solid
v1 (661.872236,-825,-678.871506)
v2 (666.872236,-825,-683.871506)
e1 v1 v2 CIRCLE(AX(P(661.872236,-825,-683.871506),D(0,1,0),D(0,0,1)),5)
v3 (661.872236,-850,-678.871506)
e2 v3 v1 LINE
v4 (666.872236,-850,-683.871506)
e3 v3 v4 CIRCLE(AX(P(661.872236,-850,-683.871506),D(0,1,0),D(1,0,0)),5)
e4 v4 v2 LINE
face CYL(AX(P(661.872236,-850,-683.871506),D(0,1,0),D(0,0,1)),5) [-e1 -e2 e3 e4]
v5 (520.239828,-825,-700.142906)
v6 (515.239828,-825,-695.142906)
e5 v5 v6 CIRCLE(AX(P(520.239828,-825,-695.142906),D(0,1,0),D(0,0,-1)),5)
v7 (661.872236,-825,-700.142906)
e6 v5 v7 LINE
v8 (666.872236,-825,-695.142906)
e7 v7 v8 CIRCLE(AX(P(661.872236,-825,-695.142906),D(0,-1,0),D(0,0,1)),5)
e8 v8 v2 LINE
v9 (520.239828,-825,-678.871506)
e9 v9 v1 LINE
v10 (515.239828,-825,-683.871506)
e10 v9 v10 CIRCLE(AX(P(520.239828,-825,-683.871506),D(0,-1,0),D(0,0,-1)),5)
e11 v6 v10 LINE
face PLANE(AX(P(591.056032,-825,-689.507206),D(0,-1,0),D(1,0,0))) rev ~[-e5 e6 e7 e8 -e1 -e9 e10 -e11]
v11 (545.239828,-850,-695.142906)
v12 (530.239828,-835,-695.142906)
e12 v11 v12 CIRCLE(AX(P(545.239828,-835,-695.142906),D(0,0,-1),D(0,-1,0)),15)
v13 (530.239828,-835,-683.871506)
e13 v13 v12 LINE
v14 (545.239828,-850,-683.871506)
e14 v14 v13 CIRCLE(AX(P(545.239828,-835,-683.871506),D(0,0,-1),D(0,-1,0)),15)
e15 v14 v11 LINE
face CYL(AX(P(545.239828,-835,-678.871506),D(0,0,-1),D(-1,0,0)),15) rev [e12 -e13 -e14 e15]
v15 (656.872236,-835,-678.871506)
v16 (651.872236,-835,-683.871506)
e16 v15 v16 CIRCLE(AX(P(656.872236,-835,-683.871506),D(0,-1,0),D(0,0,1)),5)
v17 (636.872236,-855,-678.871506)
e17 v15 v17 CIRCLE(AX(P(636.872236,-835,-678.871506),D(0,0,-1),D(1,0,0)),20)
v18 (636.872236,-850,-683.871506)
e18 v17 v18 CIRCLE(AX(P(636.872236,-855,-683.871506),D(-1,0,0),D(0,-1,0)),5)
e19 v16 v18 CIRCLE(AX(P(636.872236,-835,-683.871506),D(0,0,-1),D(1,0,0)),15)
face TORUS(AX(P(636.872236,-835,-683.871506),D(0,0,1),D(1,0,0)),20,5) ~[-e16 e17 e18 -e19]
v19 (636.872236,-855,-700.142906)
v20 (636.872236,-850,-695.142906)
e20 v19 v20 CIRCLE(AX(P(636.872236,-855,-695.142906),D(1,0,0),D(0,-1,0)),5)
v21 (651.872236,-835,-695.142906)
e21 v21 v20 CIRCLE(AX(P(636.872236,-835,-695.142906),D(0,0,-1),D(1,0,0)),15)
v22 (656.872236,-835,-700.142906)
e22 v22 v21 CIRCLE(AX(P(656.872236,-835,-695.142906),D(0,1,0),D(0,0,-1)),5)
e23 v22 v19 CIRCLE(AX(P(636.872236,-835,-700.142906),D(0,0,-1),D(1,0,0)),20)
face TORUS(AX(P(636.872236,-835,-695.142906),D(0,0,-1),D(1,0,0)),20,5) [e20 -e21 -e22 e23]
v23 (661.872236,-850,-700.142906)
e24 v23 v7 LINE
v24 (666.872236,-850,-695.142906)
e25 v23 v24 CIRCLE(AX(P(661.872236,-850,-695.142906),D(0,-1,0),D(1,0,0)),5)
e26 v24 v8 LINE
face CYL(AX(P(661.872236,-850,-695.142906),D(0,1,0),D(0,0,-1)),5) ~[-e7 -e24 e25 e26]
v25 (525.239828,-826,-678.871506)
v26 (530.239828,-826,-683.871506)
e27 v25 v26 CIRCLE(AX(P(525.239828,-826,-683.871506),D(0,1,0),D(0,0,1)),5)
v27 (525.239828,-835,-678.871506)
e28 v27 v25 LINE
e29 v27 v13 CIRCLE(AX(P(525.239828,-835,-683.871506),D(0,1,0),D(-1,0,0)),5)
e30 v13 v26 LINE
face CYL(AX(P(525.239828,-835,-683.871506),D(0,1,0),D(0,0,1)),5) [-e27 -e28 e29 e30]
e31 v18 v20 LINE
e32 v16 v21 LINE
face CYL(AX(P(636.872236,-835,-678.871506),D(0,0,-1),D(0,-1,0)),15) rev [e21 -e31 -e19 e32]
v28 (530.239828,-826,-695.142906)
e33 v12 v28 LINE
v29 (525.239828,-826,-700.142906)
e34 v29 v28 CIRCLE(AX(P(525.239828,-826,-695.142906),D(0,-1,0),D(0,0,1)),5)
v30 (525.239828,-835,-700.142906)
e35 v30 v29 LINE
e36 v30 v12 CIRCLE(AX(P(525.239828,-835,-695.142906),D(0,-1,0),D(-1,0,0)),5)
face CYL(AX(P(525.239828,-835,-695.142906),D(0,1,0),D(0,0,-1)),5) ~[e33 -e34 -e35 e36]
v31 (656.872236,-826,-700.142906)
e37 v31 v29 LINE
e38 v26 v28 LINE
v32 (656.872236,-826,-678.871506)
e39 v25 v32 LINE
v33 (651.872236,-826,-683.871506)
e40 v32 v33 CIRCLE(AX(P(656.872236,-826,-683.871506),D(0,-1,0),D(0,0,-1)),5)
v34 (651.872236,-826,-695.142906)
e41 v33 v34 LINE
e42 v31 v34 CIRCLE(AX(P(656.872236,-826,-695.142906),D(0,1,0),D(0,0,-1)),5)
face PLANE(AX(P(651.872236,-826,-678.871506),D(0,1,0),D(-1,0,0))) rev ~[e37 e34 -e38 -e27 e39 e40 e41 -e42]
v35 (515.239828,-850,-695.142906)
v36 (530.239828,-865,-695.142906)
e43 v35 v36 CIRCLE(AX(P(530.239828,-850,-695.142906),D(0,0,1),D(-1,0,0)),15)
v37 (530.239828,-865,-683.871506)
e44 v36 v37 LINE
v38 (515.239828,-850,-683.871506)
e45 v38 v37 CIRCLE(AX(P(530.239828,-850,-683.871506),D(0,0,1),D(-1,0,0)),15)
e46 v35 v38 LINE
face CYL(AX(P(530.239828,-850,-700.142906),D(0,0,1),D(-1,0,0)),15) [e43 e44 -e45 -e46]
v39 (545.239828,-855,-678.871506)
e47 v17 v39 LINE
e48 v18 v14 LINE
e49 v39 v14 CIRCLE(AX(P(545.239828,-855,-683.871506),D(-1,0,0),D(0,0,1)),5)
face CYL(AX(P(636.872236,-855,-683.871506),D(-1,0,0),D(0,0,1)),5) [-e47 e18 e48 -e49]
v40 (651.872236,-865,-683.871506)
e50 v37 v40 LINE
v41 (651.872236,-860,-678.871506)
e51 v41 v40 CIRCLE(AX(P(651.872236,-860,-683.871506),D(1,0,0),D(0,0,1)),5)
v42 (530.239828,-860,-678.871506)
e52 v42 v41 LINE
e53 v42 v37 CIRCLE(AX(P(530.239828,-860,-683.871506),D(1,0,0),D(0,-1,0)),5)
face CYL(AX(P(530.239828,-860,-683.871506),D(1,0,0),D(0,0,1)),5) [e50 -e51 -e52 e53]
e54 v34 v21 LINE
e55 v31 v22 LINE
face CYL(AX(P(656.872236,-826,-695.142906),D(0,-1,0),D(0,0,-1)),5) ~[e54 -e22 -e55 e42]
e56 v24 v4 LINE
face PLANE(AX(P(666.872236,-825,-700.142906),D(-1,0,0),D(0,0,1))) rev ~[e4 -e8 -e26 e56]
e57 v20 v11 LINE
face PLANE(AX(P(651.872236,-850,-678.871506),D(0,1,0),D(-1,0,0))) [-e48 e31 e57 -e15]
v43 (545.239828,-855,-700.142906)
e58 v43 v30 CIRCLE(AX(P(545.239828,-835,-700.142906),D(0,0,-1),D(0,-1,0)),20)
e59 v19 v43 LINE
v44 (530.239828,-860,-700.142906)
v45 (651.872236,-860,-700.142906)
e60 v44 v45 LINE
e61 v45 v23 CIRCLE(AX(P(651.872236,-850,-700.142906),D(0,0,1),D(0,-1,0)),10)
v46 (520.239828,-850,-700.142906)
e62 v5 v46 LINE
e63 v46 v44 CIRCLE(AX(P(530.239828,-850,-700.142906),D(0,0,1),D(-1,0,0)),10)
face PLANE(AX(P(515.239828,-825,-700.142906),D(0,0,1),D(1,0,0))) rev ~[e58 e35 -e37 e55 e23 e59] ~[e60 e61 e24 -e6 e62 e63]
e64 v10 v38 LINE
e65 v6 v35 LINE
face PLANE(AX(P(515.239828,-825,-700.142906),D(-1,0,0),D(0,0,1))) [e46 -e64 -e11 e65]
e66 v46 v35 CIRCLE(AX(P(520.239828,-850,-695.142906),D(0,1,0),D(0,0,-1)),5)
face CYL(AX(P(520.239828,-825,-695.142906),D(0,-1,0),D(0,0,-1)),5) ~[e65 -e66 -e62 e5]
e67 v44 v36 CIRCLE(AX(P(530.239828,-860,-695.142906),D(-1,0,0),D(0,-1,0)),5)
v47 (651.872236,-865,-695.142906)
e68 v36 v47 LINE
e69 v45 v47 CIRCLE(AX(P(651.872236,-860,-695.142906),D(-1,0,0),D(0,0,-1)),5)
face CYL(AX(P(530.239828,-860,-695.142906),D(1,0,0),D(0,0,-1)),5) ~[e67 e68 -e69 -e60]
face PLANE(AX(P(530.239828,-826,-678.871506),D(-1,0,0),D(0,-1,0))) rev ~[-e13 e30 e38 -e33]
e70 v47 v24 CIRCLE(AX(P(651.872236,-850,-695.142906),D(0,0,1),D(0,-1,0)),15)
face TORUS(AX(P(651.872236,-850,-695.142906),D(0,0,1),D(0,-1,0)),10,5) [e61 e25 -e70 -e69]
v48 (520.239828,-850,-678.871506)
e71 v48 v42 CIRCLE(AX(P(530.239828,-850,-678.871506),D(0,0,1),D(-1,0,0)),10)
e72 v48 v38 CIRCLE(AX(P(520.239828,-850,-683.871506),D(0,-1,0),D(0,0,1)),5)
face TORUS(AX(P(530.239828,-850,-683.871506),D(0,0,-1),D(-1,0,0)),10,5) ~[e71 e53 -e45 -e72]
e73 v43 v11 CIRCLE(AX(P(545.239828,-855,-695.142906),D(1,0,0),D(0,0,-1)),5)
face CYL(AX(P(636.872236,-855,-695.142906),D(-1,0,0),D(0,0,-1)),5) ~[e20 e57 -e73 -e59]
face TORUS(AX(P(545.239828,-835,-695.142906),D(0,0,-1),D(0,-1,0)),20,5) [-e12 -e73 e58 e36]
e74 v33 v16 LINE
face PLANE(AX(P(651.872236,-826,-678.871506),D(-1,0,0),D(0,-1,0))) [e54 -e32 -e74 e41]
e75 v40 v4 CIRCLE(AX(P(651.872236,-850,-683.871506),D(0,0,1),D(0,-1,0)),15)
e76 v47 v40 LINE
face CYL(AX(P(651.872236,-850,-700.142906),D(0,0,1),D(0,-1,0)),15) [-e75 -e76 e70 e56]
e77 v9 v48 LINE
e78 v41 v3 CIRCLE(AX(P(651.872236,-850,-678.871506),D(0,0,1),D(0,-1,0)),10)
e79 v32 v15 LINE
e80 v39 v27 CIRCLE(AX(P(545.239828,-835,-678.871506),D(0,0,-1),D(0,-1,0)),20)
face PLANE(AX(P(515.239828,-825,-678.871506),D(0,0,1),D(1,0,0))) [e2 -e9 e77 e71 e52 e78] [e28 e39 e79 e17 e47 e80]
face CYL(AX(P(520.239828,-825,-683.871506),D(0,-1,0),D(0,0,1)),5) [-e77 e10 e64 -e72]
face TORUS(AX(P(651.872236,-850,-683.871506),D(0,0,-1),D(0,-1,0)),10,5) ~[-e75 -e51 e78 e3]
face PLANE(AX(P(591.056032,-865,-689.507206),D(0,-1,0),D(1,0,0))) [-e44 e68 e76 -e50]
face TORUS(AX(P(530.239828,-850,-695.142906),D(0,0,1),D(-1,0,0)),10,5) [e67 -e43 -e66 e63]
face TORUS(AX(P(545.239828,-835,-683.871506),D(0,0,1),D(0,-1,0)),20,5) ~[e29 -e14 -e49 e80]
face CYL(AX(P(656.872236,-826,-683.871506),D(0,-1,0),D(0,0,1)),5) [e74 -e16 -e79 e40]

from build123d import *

# Parameters (mm, degrees)
SKETCH026_W     = 151.632409
SKETCH026_H     = 21.2714
PAD015_DEPTH    = 40
SKETCH027_W     = 121.632409
SKETCH027_H     = 24
POCKET011_DEPTH = 21.2724
FILLET018_R     = 15
FILLET019_R     = 5


with BuildPart() as part:
    # Sketch026 (on Face1 of CopyPocket010) → Pad015 (new body)
    with BuildSketch(Plane.XZ.offset(825)):
        with Locations((591.056032, -689.507206)):
            Rectangle(SKETCH026_W, SKETCH026_H)
    extrude(amount=PAD015_DEPTH)

    # Sketch027 (on Face4 of Pad015) → Pocket011 (cut, through all)
    with BuildSketch(Plane(origin=(0, 0, -678.871506), x_dir=(-1, 0, 0), z_dir=(0, 0, 1))):
        with Locations((-591.056032, 838)):
            Rectangle(SKETCH027_W, SKETCH027_H)
    extrude(amount=-POCKET011_DEPTH, mode=Mode.SUBTRACT)

    # Fillet018
    fillet018_edges = [part.edges().sort_by_distance(p)[0] for p in [
        (515.239828, -865, -689.507206),
        (666.872237, -865, -689.507206),
        (651.872237, -850, -689.507206),
        (530.239828, -850, -689.507206),
    ]]
    fillet(fillet018_edges, radius=FILLET018_R)

    # Fillet019
    fillet019_edges = [part.edges().sort_by_distance(p)[0] for p in [
        (591.056032, -850, -678.871506),
        (591.056032, -850, -700.142906),
        (591.056032, -865, -678.871506),
        (591.056032, -865, -700.142906),
    ]]
    fillet(fillet019_edges, radius=FILLET019_R)


solid = part.part
